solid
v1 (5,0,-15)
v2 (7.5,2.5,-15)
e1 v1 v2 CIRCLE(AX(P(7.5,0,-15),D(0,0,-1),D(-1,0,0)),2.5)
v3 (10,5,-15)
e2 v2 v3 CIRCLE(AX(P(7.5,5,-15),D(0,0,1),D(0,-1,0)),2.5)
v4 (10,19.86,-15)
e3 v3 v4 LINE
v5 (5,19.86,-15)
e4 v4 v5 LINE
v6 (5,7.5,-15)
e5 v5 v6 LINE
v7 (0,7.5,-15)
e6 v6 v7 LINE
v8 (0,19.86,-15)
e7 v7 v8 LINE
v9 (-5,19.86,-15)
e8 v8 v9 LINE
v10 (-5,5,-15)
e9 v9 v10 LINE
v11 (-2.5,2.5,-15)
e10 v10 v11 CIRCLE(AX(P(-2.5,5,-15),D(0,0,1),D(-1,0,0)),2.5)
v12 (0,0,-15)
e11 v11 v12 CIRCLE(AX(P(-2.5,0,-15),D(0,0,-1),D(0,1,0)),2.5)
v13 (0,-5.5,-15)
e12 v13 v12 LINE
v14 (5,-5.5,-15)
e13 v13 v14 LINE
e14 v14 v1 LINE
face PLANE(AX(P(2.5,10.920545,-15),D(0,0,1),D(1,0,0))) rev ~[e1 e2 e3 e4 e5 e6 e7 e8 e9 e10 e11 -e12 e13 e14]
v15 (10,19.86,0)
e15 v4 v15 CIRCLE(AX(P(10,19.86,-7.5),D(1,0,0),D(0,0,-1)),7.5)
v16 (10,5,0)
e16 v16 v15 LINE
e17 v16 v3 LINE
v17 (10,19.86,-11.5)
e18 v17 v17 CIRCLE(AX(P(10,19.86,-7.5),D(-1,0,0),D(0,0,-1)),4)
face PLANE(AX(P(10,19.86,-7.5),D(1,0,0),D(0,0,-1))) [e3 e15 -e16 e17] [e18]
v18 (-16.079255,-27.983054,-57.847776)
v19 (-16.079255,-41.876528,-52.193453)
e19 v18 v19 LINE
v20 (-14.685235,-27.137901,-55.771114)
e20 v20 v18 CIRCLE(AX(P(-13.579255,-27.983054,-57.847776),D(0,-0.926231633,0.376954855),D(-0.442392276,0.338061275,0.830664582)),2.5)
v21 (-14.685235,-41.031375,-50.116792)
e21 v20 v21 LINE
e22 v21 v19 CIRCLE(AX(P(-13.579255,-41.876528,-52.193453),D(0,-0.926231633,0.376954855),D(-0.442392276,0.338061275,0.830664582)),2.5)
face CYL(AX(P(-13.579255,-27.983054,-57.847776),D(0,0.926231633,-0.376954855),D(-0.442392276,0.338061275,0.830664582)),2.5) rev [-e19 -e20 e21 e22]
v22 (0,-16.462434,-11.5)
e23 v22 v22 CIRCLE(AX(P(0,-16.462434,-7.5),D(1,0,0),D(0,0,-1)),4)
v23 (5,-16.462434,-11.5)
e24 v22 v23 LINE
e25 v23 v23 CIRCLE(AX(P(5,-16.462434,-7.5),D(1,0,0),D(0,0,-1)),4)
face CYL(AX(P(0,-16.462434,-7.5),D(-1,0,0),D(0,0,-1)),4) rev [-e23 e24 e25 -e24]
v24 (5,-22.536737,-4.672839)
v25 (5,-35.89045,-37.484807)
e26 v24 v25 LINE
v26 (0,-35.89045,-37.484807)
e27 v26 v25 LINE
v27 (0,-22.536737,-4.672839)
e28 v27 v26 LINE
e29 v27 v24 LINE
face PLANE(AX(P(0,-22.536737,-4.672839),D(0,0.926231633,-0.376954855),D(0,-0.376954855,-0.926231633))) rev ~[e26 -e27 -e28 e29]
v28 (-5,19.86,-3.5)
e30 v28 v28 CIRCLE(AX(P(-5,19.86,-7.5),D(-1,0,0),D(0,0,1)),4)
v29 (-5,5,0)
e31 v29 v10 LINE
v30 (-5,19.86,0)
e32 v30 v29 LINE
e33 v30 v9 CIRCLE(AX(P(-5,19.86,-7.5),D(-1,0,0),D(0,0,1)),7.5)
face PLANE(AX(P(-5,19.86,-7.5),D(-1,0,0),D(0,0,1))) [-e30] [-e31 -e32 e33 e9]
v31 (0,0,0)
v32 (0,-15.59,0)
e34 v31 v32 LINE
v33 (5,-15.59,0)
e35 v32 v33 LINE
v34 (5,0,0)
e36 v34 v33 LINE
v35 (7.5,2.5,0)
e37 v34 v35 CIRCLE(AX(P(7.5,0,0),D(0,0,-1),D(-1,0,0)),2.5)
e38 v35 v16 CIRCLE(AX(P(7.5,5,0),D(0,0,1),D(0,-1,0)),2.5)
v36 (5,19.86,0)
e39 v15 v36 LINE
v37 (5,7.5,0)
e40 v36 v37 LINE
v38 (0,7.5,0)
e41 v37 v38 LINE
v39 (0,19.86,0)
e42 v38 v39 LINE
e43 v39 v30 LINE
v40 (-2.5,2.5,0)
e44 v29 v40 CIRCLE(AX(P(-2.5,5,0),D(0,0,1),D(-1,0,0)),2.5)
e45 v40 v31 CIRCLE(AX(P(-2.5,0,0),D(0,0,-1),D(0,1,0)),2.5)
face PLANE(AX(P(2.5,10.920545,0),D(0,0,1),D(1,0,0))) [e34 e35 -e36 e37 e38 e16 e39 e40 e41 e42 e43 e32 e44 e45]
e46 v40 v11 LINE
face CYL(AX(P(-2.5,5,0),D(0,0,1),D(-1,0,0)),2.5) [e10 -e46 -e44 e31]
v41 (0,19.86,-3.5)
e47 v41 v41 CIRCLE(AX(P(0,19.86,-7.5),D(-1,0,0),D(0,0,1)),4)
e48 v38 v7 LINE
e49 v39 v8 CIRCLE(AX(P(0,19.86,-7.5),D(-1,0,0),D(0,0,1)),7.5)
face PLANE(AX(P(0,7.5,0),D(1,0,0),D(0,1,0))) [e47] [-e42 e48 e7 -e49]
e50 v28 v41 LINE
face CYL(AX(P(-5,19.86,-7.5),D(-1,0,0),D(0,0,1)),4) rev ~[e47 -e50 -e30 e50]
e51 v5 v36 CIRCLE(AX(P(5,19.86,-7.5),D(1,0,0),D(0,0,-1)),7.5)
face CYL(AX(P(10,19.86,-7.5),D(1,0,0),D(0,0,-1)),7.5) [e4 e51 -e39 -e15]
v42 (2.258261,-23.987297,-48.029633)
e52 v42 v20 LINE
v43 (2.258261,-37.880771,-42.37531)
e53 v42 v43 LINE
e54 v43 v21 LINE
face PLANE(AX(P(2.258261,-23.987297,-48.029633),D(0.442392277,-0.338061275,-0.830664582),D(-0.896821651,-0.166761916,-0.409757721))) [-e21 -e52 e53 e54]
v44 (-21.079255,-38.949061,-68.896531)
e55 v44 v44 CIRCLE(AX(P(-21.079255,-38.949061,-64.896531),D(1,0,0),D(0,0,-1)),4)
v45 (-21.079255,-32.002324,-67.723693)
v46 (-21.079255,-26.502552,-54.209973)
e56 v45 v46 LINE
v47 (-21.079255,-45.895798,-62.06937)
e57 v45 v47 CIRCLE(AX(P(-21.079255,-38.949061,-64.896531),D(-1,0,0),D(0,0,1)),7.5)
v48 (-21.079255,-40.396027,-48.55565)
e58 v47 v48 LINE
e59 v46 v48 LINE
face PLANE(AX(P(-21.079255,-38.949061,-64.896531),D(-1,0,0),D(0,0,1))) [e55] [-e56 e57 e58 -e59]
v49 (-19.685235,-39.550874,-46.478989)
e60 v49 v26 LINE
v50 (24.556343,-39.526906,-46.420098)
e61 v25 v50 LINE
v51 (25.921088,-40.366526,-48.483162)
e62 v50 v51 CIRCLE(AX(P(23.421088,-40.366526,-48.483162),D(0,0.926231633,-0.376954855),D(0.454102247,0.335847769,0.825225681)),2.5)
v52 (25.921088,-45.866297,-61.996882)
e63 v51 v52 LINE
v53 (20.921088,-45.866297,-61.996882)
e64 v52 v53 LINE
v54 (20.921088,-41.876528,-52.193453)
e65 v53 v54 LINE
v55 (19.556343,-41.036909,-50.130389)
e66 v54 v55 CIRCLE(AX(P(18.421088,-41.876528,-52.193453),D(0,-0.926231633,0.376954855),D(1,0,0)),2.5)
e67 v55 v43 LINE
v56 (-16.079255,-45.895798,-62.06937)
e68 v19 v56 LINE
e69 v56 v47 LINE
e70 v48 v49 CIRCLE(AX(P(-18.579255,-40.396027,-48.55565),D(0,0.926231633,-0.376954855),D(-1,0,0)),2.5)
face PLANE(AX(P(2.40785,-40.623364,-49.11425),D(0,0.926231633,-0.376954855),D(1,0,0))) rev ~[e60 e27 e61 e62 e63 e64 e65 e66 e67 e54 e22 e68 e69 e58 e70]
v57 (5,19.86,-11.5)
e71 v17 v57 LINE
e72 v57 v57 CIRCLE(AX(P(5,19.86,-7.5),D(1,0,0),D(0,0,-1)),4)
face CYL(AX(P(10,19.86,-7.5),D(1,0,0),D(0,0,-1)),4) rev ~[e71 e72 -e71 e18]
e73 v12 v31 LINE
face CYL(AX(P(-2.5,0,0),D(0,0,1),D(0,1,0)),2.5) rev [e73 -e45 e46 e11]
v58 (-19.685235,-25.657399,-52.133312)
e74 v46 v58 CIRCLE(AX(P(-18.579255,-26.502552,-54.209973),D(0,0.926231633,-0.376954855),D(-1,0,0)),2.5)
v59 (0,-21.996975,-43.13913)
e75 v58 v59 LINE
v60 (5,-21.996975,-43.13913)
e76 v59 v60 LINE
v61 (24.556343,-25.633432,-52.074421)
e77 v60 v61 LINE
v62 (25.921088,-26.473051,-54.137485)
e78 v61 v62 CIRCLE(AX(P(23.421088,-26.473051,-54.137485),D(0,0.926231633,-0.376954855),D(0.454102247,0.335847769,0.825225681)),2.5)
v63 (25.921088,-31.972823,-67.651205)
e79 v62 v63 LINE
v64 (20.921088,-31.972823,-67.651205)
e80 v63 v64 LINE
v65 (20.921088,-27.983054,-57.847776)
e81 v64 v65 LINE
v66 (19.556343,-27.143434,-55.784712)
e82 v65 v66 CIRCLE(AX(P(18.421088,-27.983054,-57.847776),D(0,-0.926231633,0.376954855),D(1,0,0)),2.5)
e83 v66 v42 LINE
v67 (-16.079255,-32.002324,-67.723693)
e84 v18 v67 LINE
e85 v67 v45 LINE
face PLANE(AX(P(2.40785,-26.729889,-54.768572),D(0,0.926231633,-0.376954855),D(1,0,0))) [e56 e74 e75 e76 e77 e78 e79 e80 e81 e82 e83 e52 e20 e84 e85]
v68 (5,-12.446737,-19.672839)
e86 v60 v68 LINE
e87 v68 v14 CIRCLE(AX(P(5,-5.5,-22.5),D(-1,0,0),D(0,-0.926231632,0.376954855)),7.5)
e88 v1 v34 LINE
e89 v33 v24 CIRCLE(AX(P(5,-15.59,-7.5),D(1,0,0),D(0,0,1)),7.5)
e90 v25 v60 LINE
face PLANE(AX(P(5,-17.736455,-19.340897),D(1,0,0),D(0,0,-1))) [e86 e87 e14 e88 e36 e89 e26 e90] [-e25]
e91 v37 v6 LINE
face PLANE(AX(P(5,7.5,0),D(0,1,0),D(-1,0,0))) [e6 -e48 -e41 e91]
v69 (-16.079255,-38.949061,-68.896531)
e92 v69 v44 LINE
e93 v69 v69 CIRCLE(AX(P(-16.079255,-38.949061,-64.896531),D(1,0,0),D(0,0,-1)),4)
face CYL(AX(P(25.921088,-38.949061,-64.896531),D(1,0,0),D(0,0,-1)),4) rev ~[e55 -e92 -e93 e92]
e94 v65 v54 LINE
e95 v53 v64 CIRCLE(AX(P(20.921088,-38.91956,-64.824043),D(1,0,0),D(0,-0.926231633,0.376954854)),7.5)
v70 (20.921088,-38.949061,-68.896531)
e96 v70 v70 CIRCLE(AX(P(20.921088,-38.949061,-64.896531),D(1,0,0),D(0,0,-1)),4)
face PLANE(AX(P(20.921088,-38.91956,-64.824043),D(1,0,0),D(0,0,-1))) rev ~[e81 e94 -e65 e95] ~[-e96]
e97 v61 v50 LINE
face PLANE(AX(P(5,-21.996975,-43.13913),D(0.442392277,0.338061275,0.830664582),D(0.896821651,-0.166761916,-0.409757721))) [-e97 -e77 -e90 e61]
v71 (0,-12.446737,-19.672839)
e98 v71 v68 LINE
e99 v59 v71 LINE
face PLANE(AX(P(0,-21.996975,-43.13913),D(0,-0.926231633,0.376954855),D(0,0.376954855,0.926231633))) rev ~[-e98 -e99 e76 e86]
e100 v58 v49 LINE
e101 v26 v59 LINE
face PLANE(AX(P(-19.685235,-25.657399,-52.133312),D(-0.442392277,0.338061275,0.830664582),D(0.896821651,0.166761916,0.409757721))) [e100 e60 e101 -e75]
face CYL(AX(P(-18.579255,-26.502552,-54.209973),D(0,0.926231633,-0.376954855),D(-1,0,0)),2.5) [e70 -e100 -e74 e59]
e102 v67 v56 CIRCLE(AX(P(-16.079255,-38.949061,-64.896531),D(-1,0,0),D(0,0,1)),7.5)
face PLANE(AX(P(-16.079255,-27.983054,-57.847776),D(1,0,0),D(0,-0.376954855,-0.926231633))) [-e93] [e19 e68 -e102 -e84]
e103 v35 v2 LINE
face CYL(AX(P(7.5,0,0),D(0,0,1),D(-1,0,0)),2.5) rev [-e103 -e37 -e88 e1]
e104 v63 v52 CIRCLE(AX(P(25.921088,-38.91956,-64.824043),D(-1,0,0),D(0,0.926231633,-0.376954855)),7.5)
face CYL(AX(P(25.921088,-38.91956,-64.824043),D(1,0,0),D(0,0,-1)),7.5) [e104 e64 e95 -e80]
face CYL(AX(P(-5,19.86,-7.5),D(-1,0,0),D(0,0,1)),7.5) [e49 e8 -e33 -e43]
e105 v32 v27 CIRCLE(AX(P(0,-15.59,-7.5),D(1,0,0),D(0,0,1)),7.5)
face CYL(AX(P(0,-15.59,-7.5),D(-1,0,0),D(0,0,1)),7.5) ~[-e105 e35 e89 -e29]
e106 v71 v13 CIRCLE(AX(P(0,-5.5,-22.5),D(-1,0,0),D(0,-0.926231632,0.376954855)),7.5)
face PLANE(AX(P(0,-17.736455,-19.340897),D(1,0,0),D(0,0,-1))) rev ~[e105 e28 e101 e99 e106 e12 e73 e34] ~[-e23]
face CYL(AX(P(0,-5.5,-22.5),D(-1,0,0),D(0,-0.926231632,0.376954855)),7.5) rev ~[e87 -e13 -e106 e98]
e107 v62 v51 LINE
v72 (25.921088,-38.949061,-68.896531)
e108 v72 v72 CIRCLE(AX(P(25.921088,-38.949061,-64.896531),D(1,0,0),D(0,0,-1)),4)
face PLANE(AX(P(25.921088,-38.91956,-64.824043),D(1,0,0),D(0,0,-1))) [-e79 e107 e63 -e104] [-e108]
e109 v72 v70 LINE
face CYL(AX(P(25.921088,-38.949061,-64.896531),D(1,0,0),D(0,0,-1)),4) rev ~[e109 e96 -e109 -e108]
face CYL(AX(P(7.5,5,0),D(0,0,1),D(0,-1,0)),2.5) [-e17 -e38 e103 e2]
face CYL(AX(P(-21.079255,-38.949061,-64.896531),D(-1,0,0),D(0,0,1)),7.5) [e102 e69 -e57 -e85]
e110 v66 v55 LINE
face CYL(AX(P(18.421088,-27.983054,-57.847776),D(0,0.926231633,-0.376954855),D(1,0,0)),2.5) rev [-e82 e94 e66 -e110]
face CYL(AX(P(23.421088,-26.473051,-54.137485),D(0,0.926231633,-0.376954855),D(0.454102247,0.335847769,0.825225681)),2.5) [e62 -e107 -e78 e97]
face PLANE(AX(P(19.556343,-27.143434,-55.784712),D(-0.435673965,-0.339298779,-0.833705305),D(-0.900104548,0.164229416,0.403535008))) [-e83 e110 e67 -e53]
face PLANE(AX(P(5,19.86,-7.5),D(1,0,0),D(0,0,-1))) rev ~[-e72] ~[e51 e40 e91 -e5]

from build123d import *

# Parameters (mm, degrees)
SKETCH1_R           = 4
BOSS_EXTRUDE1_DEPTH = 5
BOSS_EXTRUDE2_DEPTH = 15
SKETCH3_R           = 7.5
SKETCH3_R_2         = 4
BOSS_EXTRUDE3_DEPTH = 5
SKETCH5_R           = 4
CUT_EXTRUDE1_DEPTH  = 5
SKETCH6_R           = 7.5
BOSS_EXTRUDE4_DEPTH = 5
SKETCH7_R           = 4
CUT_EXTRUDE2_DEPTH  = 5
BOSS_EXTRUDE5_DEPTH = 15
SKETCH9_R           = 7.5
BOSS_EXTRUDE6_DEPTH = 5
SKETCH10_R          = 7.5
BOSS_EXTRUDE7_DEPTH = 5
SKETCH11_R          = 4
CUT_EXTRUDE3_DEPTH  = 64


with BuildPart() as part:
    # Sketch1 → Boss-Extrude1 (new body)
    with BuildSketch(Plane(origin=(0, 0, 0), x_dir=(0, 0, -1), z_dir=(1, 0, 0))):
        with BuildLine():
            Line((15, 0), (0, 0))
            Line((0, 0), (0, -15.59))
            ThreePointArc((0, -15.59), (1.276909506, -19.776065539), (4.672838586, -22.536737244))
            Line((4.672838586, -22.536737244), (37.484806943, -35.890449582))
            Line((37.484806943, -35.890449582), (43.13912977, -21.996975093))
            Line((43.13912977, -21.996975093), (19.672838586, -12.446737244))
            ThreePointArc((19.672838586, -12.446737244), (16.276909506, -9.686065539), (15, -5.5))
            Line((15, -5.5), (15, 0))
        make_face()
        with Locations((7.5, -16.462434129)):
            Circle(SKETCH1_R, mode=Mode.SUBTRACT)
    extrude(amount=BOSS_EXTRUDE1_DEPTH)

    # Sketch2 → Boss-Extrude2 (add)
    with BuildSketch(Plane.XY):
        with BuildLine():
            Line((0, 0), (5, 0))
            ThreePointArc((5, 0), (5.732233047, 1.767766953), (7.5, 2.5))
            ThreePointArc((7.5, 2.5), (9.267766953, 3.232233047), (10, 5))
            Line((10, 5), (10, 19.86))
            Line((10, 19.86), (5, 19.86))
            Line((5, 19.86), (5, 7.5))
            Line((5, 7.5), (0, 7.5))
            Line((0, 7.5), (0, 19.86))
            Line((0, 19.86), (-5, 19.86))
            Line((-5, 19.86), (-5, 5))
            ThreePointArc((-5, 5), (-4.267766953, 3.232233047), (-2.5, 2.5))
            ThreePointArc((-2.5, 2.5), (-0.732233047, 1.767766953), (0, 0))
        make_face()
    extrude(amount=-BOSS_EXTRUDE2_DEPTH)

    # Sketch3 → Boss-Extrude3 (add)
    with BuildSketch(Plane(origin=(10, 0, 0), x_dir=(0, 0, -1), z_dir=(1, 0, 0))):
        with Locations((7.5, 19.86)):
            Circle(SKETCH3_R)
        with Locations((7.5, 19.86)):
            Circle(SKETCH3_R_2, mode=Mode.SUBTRACT)
    extrude(amount=-BOSS_EXTRUDE3_DEPTH)

    # Sketch5 → Cut-Extrude1 (cut)
    with BuildSketch(Plane(origin=(10, 0, 0), x_dir=(0, 0, -1), z_dir=(1, 0, 0))):
        with Locations((7.5, 19.86)):
            Circle(SKETCH5_R)
    extrude(amount=-CUT_EXTRUDE1_DEPTH, mode=Mode.SUBTRACT)

    # Sketch6 → Boss-Extrude4 (add)
    with BuildSketch(Plane.ZY.offset(5)):
        with Locations((-7.5, 19.86)):
            Circle(SKETCH6_R)
    extrude(amount=-BOSS_EXTRUDE4_DEPTH)

    # Sketch7 → Cut-Extrude2 (cut)
    with BuildSketch(Plane.ZY.offset(5)):
        with Locations((-7.5, 19.86)):
            Circle(SKETCH7_R)
    extrude(amount=-CUT_EXTRUDE2_DEPTH, mode=Mode.SUBTRACT)

    # Sketch8 → Boss-Extrude5 (add)
    with BuildSketch(Plane(origin=(0, -3.809395954, 1.55033606), x_dir=(1, 0, 0), z_dir=(0, 0.926231633, -0.376954855))):
        with BuildLine():
            Line((0, 48.248693155), (5, 48.248693155))
            Line((5, 48.248693155), (24.55634321, 57.895622609))
            ThreePointArc((24.55634321, 57.895622609), (25.552769913, 58.816883816), (25.92108759, 60.122996551))
            Line((25.92108759, 60.122996551), (25.92108759, 74.712996551))
            Line((25.92108759, 74.712996551), (20.92108759, 74.712996551))
            Line((20.92108759, 74.712996551), (20.92108759, 64.128787942))
            ThreePointArc((20.92108759, 64.128787942), (20.552769913, 62.822675208), (19.55634321, 61.901414001))
            Line((19.55634321, 61.901414001), (2.258260879, 53.528693155))
            Line((2.258260879, 53.528693155), (-14.685235236, 61.886733815))
            ThreePointArc((-14.685235236, 61.886733815), (-15.702336235, 62.808740922), (-16.079254544, 64.128787942))
            Line((-16.079254544, 64.128787942), (-16.079254544, 74.791257758))
            Line((-16.079254544, 74.791257758), (-21.079254544, 74.791257758))
            Line((-21.079254544, 74.791257758), (-21.079254544, 60.201257758))
            ThreePointArc((-21.079254544, 60.201257758), (-20.702336235, 58.881210738), (-19.685235236, 57.95920363))
            Line((-19.685235236, 57.95920363), (0, 48.248693155))
        make_face()
    extrude(amount=-BOSS_EXTRUDE5_DEPTH)

    # Sketch9 → Boss-Extrude6 (add)
    with BuildSketch(Plane(origin=(25.92108759, 0, 0), x_dir=(0, 0, -1), z_dir=(1, 0, 0))):
        with Locations((64.824043295, -38.919559991)):
            Circle(SKETCH9_R)
    extrude(amount=-BOSS_EXTRUDE6_DEPTH)

    # Sketch10 → Boss-Extrude7 (add)
    with BuildSketch(Plane.ZY.offset(21.079254544)):
        with Locations((-64.896531301, -38.949060933)):
            Circle(SKETCH10_R)
    extrude(amount=-BOSS_EXTRUDE7_DEPTH)

    # Sketch11 → Cut-Extrude3 (cut)
    with BuildSketch(Plane(origin=(25.92108759, 0, 0), x_dir=(0, 0, -1), z_dir=(1, 0, 0))):
        with Locations((64.896531301, -38.949060933)):
            Circle(SKETCH11_R)
    extrude(amount=-CUT_EXTRUDE3_DEPTH, mode=Mode.SUBTRACT)


solid = part.part
